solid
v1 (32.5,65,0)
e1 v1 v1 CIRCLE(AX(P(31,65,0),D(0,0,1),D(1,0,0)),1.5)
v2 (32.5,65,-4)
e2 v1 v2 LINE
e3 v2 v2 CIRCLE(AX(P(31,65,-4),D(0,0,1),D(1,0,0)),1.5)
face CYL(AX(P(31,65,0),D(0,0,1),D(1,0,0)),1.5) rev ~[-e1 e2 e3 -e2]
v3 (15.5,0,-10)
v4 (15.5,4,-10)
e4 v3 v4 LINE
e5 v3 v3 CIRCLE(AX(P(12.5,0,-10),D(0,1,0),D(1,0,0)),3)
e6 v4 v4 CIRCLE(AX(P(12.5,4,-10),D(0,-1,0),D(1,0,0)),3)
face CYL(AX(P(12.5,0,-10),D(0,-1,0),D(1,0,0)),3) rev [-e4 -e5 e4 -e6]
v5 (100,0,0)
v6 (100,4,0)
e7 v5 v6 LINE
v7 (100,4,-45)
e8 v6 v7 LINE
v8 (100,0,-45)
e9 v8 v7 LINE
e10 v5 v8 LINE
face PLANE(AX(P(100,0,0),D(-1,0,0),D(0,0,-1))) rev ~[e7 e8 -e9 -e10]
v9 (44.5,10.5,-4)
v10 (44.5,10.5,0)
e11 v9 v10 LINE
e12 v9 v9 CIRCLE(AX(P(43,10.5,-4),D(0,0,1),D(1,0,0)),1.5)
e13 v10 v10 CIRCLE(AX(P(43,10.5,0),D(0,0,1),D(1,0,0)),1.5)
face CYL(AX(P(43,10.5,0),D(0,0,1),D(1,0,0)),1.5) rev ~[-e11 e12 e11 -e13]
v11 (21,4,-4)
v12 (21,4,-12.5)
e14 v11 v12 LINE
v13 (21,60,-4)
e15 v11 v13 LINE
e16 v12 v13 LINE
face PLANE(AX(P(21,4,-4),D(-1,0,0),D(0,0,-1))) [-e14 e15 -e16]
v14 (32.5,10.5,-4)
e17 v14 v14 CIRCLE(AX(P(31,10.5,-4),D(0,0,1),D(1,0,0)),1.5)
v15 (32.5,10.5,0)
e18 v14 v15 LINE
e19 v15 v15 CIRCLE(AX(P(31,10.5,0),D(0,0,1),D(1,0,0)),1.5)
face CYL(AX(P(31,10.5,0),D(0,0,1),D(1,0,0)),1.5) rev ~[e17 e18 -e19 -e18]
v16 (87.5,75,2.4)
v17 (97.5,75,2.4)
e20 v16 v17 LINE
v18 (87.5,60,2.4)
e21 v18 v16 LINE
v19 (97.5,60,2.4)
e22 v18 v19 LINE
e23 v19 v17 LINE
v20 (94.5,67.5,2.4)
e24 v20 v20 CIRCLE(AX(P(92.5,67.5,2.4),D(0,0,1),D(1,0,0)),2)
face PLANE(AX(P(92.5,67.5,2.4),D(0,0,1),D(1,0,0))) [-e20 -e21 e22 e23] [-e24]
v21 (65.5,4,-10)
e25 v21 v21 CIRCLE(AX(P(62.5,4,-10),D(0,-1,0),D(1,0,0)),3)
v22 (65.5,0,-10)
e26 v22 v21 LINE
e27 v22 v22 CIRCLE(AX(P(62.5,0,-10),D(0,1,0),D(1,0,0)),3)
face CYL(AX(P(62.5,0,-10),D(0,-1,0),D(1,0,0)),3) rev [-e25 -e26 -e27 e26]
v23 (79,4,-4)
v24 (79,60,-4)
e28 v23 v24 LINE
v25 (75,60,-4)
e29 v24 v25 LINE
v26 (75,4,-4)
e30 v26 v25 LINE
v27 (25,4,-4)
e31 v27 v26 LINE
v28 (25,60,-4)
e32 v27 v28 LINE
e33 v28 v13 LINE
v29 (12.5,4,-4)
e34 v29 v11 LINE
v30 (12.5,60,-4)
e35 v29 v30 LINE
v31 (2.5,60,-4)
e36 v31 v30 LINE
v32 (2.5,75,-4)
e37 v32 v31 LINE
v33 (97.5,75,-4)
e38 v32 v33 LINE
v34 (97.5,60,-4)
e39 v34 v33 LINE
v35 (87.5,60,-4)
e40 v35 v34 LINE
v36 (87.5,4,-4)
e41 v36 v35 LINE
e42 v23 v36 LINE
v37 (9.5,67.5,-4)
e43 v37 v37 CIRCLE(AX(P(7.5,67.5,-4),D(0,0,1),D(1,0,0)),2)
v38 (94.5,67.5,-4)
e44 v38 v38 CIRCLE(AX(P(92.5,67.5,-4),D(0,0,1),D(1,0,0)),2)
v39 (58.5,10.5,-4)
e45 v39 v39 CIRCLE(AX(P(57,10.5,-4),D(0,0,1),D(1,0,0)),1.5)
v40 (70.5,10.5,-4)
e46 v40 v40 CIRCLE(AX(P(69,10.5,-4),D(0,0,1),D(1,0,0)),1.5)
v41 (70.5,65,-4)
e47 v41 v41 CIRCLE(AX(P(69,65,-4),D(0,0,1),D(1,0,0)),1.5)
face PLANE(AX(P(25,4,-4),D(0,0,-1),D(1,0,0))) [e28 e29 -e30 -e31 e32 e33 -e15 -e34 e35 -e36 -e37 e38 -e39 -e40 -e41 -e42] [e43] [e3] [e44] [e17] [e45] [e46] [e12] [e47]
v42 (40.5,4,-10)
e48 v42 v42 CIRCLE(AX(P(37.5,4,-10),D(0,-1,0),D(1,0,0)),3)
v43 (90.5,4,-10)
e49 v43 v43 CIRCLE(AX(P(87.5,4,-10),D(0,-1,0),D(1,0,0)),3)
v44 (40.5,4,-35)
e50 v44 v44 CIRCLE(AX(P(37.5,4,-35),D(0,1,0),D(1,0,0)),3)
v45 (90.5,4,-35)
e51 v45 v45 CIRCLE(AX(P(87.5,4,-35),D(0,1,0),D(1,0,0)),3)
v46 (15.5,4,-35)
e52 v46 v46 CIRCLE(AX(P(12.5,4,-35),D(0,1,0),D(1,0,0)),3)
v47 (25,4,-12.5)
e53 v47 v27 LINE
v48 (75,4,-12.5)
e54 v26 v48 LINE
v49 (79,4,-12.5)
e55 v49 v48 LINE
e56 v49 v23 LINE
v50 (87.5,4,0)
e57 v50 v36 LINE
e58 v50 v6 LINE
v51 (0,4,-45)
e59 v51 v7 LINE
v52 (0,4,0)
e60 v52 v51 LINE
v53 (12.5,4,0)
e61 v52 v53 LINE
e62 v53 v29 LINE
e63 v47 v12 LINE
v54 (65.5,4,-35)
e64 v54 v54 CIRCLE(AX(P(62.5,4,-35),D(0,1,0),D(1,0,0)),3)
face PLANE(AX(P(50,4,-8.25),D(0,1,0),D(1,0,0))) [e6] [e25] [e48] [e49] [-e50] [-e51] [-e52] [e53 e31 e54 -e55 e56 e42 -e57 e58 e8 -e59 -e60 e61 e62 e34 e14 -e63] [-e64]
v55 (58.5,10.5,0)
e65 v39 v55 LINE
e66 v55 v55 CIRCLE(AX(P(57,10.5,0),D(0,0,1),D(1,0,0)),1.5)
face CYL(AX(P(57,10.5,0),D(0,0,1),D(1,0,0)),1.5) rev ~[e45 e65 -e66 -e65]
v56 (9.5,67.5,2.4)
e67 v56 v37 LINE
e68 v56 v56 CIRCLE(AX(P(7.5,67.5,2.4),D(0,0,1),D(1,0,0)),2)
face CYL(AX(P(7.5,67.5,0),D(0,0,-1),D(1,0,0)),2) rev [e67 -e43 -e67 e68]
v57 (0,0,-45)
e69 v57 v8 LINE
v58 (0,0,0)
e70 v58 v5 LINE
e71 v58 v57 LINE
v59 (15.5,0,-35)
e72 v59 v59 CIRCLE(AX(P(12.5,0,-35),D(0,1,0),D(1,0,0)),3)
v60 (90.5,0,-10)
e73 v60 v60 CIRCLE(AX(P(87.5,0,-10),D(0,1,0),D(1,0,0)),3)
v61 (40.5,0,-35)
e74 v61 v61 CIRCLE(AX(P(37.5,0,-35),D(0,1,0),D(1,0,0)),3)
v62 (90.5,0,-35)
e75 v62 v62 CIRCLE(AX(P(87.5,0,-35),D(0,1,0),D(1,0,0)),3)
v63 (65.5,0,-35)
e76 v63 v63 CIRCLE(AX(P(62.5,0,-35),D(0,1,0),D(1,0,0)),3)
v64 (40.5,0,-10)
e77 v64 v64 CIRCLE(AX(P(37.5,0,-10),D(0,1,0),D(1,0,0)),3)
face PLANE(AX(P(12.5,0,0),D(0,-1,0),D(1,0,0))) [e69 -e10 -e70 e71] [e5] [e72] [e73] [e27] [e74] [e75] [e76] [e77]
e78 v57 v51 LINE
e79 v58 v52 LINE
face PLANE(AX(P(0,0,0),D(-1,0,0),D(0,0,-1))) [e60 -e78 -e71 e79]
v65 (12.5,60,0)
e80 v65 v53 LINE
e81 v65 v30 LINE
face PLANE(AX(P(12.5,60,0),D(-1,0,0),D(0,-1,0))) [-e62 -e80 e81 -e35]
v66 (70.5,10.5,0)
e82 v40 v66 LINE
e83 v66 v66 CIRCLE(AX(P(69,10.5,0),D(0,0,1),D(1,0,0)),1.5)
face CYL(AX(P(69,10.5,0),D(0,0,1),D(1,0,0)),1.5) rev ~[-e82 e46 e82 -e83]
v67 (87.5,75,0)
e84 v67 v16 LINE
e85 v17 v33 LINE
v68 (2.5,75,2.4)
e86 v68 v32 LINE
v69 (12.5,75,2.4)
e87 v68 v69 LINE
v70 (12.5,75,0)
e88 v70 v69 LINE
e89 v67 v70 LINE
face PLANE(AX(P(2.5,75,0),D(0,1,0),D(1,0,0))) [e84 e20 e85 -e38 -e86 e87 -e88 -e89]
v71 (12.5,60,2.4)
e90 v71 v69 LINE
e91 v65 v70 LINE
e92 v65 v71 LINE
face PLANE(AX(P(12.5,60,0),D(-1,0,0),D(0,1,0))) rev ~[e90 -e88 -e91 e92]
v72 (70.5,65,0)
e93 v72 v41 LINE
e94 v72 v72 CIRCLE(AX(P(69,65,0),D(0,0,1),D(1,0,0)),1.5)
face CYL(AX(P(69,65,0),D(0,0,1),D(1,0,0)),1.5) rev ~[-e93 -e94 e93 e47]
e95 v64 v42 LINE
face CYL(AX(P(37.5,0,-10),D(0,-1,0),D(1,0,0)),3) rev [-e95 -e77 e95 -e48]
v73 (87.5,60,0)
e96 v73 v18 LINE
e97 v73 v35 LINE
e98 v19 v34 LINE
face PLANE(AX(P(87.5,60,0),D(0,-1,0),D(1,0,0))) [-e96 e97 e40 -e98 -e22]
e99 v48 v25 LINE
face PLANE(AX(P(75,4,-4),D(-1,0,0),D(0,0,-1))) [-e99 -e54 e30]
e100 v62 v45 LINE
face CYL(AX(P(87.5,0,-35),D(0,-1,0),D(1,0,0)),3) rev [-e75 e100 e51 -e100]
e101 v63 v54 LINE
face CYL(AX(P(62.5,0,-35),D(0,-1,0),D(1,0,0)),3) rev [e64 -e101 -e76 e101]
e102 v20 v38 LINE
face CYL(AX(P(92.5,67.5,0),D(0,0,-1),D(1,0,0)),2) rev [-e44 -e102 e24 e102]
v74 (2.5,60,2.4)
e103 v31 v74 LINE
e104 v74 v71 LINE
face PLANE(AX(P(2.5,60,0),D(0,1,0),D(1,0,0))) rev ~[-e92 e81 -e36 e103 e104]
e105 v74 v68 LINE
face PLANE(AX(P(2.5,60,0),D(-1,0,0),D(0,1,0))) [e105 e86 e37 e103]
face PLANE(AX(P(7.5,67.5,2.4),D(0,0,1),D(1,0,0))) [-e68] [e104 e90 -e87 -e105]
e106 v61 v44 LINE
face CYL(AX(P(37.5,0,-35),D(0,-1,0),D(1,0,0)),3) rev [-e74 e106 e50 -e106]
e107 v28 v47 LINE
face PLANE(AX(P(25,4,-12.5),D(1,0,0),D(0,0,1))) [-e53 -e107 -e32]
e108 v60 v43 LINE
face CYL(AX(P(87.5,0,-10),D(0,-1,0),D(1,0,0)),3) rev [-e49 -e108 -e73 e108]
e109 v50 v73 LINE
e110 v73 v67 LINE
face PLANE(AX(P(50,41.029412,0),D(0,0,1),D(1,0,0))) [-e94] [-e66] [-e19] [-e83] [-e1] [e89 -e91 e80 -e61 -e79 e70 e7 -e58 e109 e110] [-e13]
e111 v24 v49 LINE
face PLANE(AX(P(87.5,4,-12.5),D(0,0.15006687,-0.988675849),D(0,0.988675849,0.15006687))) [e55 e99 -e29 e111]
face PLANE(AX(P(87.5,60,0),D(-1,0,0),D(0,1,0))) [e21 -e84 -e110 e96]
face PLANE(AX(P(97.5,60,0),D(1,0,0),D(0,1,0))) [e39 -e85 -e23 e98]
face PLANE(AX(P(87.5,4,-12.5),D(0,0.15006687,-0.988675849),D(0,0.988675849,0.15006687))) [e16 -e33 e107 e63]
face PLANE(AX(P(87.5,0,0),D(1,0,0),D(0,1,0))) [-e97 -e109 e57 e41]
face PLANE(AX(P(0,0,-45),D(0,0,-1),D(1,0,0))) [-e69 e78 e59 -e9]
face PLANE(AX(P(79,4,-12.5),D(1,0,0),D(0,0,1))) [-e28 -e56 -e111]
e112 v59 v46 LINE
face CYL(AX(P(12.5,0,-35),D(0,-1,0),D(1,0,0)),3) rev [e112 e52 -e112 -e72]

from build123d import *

# Parameters (mm, degrees)
SKETCH_1_W          = 100
SKETCH_1_H          = 45
SKETCH_1_R          = 3
EXTRUDE_1_DEPTH     = 4
SKETCH_2_R          = 1.5
SKETCH_2_R_2        = 2
EXTRUDE_2_DEPTH     = 4
SKETCH_3_W          = 10
SKETCH_3_H          = 15
SKETCH_3_R          = 2
EXTRUDE_3_DEPTH     = 2.4
EXTRUDE_4_DEPTH     = 75
SKETCH_5_R          = 1.5
CUT_EXTRUDE_1_DEPTH = 75
CUT_EXTRUDE_2_DEPTH = 75


with BuildPart() as part:
    # 草图1 → 凸台-拉伸1 (new body)
    with BuildSketch(Plane(origin=(0, 0, 0), x_dir=(1, 0, 0), z_dir=(0, 1, 0))):
        with Locations((50, 22.5)):
            Rectangle(SKETCH_1_W, SKETCH_1_H)
        with Locations((12.5, 35)):
            Circle(SKETCH_1_R, mode=Mode.SUBTRACT)
        with Locations((37.5, 35)):
            Circle(SKETCH_1_R, mode=Mode.SUBTRACT)
        with Locations((37.5, 10)):
            Circle(SKETCH_1_R, mode=Mode.SUBTRACT)
        with Locations((12.5, 10)):
            Circle(SKETCH_1_R, mode=Mode.SUBTRACT)
        with Locations((62.5, 35)):
            Circle(SKETCH_1_R, mode=Mode.SUBTRACT)
        with Locations((62.5, 10)):
            Circle(SKETCH_1_R, mode=Mode.SUBTRACT)
        with Locations((87.5, 10)):
            Circle(SKETCH_1_R, mode=Mode.SUBTRACT)
        with Locations((87.5, 35)):
            Circle(SKETCH_1_R, mode=Mode.SUBTRACT)
    extrude(amount=EXTRUDE_1_DEPTH)

    # 草图2 → 凸台-拉伸2 (add)
    with BuildSketch(Plane.XY):
        Polygon((12.5, 60), (12.5, 0), (87.5, 0), (87.5, 60), (97.5, 60), (97.5, 75), (2.5, 75), (2.5, 60), align=None)
        with Locations((31, 10.5)):
            Circle(SKETCH_2_R, mode=Mode.SUBTRACT)
        with Locations((43, 10.5)):
            Circle(SKETCH_2_R, mode=Mode.SUBTRACT)
        with Locations((57, 10.5)):
            Circle(SKETCH_2_R, mode=Mode.SUBTRACT)
        with Locations((69, 10.5)):
            Circle(SKETCH_2_R, mode=Mode.SUBTRACT)
        with Locations((7.5, 67.5)):
            Circle(SKETCH_2_R_2, mode=Mode.SUBTRACT)
        with Locations((31, 65)):
            Circle(SKETCH_2_R, mode=Mode.SUBTRACT)
        with Locations((69, 65)):
            Circle(SKETCH_2_R, mode=Mode.SUBTRACT)
        with Locations((92.5, 67.5)):
            Circle(SKETCH_2_R_2, mode=Mode.SUBTRACT)
    extrude(amount=-EXTRUDE_2_DEPTH)

    # 草图3 → 凸台-拉伸3 (add)
    with BuildSketch(Plane.XY):
        with Locations((7.5, 67.5)):
            Rectangle(SKETCH_3_W, SKETCH_3_H)
        with Locations((7.5, 67.5)):
            Circle(SKETCH_3_R, mode=Mode.SUBTRACT)
        with Locations((92.5, 67.5)):
            Rectangle(SKETCH_3_W, SKETCH_3_H)
        with Locations((92.5, 67.5)):
            Circle(SKETCH_3_R, mode=Mode.SUBTRACT)
    extrude(amount=EXTRUDE_3_DEPTH)

    # 草图4 → 凸台-拉伸4 (add)
    with BuildSketch(Plane(origin=(87.5, 0, 0), x_dir=(0, 0, -1), z_dir=(1, 0, 0))):
        Polygon((4, 60), (4, 4), (12.5, 4), align=None)
    extrude(amount=-EXTRUDE_4_DEPTH)

    # 草图5 → 切除-拉伸1 (cut)
    with BuildSketch(Plane.XY):
        with Locations((31, 10.5)):
            Circle(SKETCH_5_R)
        with Locations((43, 10.5)):
            Circle(SKETCH_5_R)
        with Locations((57, 10.5)):
            Circle(SKETCH_5_R)
        with Locations((69, 10.5)):
            Circle(SKETCH_5_R)
    extrude(amount=-CUT_EXTRUDE_1_DEPTH, mode=Mode.SUBTRACT)

    # 草图6 → 切除-拉伸2 (cut)
    with BuildSketch(Plane(origin=(0, 4, 0), x_dir=(1, 0, 0), z_dir=(0, 1, 0))):
        Polygon((12.5, 7), (12.5, 4), (21, 4), (21, 12.5), (14.158312395, 12.5), (12.5, 12.5), align=None)
        Polygon((25, 12.5), (25, 4), (75, 4), (75, 12.5), (64.158312395, 12.5), (60.841687605, 12.5), (39.158312395, 12.5), (35.841687605, 12.5), align=None)
        Polygon((79, 12.5), (79, 4), (87.5, 4), (87.5, 7), (87.5, 12.5), (85.841687605, 12.5), align=None)
    extrude(amount=CUT_EXTRUDE_2_DEPTH, mode=Mode.SUBTRACT)


solid = part.part
